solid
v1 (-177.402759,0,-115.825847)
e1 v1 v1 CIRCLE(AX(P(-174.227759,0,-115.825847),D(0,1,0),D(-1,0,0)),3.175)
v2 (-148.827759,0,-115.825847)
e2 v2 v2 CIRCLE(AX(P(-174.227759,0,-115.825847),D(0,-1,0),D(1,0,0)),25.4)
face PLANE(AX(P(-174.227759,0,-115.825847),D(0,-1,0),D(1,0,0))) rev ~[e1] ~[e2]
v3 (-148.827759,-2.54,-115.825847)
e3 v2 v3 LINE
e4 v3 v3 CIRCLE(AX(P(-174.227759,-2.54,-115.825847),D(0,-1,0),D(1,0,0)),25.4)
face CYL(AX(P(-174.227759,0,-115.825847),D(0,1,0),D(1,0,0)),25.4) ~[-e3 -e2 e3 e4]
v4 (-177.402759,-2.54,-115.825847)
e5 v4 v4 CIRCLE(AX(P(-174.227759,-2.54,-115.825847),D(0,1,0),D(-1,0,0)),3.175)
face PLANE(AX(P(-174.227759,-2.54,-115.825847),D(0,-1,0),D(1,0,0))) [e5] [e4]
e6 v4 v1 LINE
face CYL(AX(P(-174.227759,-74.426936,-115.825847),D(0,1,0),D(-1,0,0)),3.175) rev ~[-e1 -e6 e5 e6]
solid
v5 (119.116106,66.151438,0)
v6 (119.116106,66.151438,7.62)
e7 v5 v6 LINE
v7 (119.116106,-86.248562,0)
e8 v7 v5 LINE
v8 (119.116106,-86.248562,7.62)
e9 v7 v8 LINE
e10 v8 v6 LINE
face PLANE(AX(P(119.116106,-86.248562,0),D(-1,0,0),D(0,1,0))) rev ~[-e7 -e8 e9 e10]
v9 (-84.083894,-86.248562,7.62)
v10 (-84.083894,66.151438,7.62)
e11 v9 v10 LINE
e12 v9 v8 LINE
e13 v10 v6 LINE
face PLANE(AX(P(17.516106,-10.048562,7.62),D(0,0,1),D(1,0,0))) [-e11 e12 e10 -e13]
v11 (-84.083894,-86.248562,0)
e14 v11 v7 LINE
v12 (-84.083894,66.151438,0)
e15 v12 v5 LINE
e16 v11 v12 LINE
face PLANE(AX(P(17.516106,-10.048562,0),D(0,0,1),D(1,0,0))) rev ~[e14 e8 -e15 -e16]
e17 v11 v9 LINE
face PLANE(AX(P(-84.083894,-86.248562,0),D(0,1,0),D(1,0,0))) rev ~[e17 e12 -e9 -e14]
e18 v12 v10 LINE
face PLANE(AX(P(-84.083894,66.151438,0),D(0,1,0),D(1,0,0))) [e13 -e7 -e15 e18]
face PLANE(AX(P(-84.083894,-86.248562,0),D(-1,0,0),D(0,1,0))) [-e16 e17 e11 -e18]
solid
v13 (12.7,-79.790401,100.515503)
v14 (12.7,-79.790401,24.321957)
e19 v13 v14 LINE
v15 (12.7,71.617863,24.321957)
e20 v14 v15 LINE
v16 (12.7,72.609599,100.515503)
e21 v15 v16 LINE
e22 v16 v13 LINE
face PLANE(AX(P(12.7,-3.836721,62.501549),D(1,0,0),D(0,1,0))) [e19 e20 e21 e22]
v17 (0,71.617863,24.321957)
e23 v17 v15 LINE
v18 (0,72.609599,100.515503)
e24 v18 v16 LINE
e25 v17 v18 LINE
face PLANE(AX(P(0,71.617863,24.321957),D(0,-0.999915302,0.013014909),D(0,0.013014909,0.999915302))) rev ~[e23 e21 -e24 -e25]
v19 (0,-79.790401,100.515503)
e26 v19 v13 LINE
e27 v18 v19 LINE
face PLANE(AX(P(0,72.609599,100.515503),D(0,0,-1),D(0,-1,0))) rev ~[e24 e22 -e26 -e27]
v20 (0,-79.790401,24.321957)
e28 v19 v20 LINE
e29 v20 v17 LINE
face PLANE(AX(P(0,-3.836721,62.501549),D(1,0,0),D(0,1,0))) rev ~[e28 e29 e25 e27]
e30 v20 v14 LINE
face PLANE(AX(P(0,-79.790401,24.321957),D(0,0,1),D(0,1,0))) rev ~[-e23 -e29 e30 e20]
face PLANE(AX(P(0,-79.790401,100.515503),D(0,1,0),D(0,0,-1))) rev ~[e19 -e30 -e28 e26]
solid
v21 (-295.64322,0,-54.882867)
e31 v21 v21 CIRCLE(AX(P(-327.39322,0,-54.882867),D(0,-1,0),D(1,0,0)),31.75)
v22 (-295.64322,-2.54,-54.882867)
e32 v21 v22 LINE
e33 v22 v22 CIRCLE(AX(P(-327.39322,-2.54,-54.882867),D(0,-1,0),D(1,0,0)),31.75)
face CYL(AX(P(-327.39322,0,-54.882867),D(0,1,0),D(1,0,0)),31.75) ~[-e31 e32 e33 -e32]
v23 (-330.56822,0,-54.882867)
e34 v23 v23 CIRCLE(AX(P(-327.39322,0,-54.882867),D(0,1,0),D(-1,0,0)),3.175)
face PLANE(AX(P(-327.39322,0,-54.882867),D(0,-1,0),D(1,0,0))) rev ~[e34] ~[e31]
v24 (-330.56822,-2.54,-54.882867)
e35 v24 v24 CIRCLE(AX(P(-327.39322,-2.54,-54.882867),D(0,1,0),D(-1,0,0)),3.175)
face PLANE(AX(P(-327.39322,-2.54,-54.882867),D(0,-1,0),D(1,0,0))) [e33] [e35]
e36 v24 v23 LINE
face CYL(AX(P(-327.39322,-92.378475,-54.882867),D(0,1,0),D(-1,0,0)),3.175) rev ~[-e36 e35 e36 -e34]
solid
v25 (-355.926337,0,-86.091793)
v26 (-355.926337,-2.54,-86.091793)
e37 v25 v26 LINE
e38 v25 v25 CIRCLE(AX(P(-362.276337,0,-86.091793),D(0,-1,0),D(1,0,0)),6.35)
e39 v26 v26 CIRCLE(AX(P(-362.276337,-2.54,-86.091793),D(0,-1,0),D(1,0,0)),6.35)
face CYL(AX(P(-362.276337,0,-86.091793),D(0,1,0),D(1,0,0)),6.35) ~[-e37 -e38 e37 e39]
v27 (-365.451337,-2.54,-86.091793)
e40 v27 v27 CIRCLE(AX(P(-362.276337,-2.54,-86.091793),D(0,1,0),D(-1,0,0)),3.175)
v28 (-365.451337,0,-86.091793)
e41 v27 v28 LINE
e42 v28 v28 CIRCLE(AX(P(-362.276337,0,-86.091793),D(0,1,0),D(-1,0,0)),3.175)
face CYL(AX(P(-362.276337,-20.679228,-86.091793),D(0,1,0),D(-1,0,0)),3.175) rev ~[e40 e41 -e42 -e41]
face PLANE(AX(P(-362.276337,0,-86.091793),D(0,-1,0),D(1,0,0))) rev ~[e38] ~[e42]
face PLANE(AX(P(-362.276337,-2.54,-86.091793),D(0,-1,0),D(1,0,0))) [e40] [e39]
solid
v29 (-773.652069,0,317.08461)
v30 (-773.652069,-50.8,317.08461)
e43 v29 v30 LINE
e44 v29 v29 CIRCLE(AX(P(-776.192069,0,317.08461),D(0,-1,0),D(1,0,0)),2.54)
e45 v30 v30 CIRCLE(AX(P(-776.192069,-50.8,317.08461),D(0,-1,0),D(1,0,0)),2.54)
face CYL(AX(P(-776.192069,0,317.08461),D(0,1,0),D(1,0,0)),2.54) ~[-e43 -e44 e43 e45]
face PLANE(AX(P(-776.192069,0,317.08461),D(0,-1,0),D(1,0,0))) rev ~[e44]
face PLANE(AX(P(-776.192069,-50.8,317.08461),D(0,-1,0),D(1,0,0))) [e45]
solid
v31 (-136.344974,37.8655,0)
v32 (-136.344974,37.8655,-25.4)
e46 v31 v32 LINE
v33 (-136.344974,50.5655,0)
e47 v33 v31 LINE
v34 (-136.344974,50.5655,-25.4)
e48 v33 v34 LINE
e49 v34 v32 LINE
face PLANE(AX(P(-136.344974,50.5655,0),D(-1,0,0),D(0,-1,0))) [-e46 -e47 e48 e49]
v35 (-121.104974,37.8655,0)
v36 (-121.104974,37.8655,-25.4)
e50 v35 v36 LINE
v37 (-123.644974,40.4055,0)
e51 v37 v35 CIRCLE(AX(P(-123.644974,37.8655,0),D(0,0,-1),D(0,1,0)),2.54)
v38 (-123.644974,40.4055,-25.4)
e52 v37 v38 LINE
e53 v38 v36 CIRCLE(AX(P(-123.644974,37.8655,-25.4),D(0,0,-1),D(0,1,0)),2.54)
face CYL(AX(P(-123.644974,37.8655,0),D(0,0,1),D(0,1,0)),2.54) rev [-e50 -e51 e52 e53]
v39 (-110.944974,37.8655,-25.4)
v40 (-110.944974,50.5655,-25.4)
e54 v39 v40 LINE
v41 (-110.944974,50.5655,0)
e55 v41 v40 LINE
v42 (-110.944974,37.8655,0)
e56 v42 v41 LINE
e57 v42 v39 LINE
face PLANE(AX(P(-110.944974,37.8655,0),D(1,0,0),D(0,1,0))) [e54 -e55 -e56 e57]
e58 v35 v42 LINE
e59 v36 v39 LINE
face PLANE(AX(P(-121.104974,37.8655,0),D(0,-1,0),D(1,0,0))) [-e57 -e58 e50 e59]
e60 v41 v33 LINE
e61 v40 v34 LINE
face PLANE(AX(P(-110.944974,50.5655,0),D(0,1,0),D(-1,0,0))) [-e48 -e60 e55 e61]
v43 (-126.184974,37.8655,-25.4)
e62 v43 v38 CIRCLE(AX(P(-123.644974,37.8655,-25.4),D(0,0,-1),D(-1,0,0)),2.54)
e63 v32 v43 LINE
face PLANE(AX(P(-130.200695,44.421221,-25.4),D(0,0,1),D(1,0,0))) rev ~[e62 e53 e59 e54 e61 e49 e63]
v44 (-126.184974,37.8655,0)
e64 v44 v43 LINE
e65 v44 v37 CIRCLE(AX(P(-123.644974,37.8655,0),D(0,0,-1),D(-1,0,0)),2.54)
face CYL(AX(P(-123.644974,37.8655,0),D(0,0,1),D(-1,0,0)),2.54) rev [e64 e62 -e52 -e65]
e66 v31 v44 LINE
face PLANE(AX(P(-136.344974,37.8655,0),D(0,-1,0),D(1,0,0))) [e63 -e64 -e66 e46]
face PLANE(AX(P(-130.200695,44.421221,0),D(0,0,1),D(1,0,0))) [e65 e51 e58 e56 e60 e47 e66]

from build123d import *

# Parameters (mm, degrees)
F0_W     = 203.2
F0_H     = 152.4
F1_DEPTH = 7.62
F3_DEPTH = 12.7
F5_DEPTH = 25.4
F6_R     = 2.54
F7_DEPTH = 50.8
F8_R     = 31.75
F9_DEPTH = 2.54
F8_R_2   = 6.35
F8_R_3   = 25.4
F11_D    = 6.35
F13_D    = 6.35
F15_D    = 6.35


with BuildPart() as f1:
    # F0 (on Top) → F1 (new body)
    with BuildSketch(Plane.XY):
        with Locations((17.5161063671, -10.0485615241)):
            Rectangle(F0_W, F0_H)
    extrude(amount=F1_DEPTH)


with BuildPart() as f3:
    # F2 (on Right) → F3 (new body)
    with BuildSketch(Plane.YZ):
        Polygon((71.6178634355, 24.3219571736), (72.6095994812, 100.5155032232), (-79.7904005188, 100.5155032232), (-79.7904005188, 24.3219571736), align=None)
    extrude(amount=F3_DEPTH)


with BuildPart() as f5:
    # F4 (on Top) → F5 (new body)
    with BuildSketch(Plane.XY):
        with BuildLine():
            Line((-123.6449740827, 50.5655002038), (-136.3449740827, 50.5655002038))
            Line((-136.3449740827, 50.5655002038), (-136.3449740827, 37.8655002038))
            Line((-136.3449740827, 37.8655002038), (-126.1849740827, 37.8655002038))
            ThreePointArc((-126.1849740827, 37.8655002038), (-125.4410253069, 39.6615514281), (-123.6449740827, 40.4055002038))
            Line((-123.6449740827, 40.4055002038), (-123.6449740827, 50.5655002038))
        make_face()
        with BuildLine():
            Line((-110.9449740827, 50.5655002038), (-123.6449740827, 50.5655002038))
            Line((-123.6449740827, 50.5655002038), (-123.6449740827, 40.4055002038))
            ThreePointArc((-123.6449740827, 40.4055002038), (-121.8489228585, 39.6615514281), (-121.1049740827, 37.8655002038))
            Line((-121.1049740827, 37.8655002038), (-110.9449740827, 37.8655002038))
            Line((-110.9449740827, 37.8655002038), (-110.9449740827, 50.5655002038))
        make_face()
    extrude(amount=-F5_DEPTH)


with BuildPart() as f7:
    # F6 (on Front) → F7 (new body)
    with BuildSketch(Plane.XZ):
        with Locations((-776.1920690536, 317.0846104622)):
            Circle(F6_R)
    extrude(amount=F7_DEPTH)


with BuildPart() as f9:
    # F8 (on Front) → F9 (new body)
    with BuildSketch(Plane.XZ):
        with Locations((-327.3932203081, -54.8828672849)):
            Circle(F8_R)
    extrude(amount=F9_DEPTH)

    # F11 (through all)
    with Locations(Plane.XZ.offset(2.54)):
        with Locations((-327.3932203081, -54.8828672849)):
            Hole(F11_D / 2)


with BuildPart() as f9b:
    # F8 (on Front) → F9, piece 2 (new body)
    with BuildSketch(Plane.XZ):
        with Locations((-362.2763366705, -86.0917933375)):
            Circle(F8_R_2)
    extrude(amount=F9_DEPTH)

    # F13 (through all)
    with Locations(Plane.XZ.offset(2.54)):
        with Locations((-362.2763366705, -86.0917933375)):
            Hole(F13_D / 2)


with BuildPart() as f9c:
    # F8 (on Front) → F9, piece 3 (new body)
    with BuildSketch(Plane.XZ):
        with Locations((-174.2277592421, -115.8258467913)):
            Circle(F8_R_3)
    extrude(amount=F9_DEPTH)

    # F15 (through all)
    with Locations(Plane.XZ.offset(2.54)):
        with Locations((-174.2277592421, -115.8258467913)):
            Hole(F15_D / 2)


solid = Compound([f1.part, f3.part, f5.part, f7.part, f9.part, f9b.part, f9c.part])
